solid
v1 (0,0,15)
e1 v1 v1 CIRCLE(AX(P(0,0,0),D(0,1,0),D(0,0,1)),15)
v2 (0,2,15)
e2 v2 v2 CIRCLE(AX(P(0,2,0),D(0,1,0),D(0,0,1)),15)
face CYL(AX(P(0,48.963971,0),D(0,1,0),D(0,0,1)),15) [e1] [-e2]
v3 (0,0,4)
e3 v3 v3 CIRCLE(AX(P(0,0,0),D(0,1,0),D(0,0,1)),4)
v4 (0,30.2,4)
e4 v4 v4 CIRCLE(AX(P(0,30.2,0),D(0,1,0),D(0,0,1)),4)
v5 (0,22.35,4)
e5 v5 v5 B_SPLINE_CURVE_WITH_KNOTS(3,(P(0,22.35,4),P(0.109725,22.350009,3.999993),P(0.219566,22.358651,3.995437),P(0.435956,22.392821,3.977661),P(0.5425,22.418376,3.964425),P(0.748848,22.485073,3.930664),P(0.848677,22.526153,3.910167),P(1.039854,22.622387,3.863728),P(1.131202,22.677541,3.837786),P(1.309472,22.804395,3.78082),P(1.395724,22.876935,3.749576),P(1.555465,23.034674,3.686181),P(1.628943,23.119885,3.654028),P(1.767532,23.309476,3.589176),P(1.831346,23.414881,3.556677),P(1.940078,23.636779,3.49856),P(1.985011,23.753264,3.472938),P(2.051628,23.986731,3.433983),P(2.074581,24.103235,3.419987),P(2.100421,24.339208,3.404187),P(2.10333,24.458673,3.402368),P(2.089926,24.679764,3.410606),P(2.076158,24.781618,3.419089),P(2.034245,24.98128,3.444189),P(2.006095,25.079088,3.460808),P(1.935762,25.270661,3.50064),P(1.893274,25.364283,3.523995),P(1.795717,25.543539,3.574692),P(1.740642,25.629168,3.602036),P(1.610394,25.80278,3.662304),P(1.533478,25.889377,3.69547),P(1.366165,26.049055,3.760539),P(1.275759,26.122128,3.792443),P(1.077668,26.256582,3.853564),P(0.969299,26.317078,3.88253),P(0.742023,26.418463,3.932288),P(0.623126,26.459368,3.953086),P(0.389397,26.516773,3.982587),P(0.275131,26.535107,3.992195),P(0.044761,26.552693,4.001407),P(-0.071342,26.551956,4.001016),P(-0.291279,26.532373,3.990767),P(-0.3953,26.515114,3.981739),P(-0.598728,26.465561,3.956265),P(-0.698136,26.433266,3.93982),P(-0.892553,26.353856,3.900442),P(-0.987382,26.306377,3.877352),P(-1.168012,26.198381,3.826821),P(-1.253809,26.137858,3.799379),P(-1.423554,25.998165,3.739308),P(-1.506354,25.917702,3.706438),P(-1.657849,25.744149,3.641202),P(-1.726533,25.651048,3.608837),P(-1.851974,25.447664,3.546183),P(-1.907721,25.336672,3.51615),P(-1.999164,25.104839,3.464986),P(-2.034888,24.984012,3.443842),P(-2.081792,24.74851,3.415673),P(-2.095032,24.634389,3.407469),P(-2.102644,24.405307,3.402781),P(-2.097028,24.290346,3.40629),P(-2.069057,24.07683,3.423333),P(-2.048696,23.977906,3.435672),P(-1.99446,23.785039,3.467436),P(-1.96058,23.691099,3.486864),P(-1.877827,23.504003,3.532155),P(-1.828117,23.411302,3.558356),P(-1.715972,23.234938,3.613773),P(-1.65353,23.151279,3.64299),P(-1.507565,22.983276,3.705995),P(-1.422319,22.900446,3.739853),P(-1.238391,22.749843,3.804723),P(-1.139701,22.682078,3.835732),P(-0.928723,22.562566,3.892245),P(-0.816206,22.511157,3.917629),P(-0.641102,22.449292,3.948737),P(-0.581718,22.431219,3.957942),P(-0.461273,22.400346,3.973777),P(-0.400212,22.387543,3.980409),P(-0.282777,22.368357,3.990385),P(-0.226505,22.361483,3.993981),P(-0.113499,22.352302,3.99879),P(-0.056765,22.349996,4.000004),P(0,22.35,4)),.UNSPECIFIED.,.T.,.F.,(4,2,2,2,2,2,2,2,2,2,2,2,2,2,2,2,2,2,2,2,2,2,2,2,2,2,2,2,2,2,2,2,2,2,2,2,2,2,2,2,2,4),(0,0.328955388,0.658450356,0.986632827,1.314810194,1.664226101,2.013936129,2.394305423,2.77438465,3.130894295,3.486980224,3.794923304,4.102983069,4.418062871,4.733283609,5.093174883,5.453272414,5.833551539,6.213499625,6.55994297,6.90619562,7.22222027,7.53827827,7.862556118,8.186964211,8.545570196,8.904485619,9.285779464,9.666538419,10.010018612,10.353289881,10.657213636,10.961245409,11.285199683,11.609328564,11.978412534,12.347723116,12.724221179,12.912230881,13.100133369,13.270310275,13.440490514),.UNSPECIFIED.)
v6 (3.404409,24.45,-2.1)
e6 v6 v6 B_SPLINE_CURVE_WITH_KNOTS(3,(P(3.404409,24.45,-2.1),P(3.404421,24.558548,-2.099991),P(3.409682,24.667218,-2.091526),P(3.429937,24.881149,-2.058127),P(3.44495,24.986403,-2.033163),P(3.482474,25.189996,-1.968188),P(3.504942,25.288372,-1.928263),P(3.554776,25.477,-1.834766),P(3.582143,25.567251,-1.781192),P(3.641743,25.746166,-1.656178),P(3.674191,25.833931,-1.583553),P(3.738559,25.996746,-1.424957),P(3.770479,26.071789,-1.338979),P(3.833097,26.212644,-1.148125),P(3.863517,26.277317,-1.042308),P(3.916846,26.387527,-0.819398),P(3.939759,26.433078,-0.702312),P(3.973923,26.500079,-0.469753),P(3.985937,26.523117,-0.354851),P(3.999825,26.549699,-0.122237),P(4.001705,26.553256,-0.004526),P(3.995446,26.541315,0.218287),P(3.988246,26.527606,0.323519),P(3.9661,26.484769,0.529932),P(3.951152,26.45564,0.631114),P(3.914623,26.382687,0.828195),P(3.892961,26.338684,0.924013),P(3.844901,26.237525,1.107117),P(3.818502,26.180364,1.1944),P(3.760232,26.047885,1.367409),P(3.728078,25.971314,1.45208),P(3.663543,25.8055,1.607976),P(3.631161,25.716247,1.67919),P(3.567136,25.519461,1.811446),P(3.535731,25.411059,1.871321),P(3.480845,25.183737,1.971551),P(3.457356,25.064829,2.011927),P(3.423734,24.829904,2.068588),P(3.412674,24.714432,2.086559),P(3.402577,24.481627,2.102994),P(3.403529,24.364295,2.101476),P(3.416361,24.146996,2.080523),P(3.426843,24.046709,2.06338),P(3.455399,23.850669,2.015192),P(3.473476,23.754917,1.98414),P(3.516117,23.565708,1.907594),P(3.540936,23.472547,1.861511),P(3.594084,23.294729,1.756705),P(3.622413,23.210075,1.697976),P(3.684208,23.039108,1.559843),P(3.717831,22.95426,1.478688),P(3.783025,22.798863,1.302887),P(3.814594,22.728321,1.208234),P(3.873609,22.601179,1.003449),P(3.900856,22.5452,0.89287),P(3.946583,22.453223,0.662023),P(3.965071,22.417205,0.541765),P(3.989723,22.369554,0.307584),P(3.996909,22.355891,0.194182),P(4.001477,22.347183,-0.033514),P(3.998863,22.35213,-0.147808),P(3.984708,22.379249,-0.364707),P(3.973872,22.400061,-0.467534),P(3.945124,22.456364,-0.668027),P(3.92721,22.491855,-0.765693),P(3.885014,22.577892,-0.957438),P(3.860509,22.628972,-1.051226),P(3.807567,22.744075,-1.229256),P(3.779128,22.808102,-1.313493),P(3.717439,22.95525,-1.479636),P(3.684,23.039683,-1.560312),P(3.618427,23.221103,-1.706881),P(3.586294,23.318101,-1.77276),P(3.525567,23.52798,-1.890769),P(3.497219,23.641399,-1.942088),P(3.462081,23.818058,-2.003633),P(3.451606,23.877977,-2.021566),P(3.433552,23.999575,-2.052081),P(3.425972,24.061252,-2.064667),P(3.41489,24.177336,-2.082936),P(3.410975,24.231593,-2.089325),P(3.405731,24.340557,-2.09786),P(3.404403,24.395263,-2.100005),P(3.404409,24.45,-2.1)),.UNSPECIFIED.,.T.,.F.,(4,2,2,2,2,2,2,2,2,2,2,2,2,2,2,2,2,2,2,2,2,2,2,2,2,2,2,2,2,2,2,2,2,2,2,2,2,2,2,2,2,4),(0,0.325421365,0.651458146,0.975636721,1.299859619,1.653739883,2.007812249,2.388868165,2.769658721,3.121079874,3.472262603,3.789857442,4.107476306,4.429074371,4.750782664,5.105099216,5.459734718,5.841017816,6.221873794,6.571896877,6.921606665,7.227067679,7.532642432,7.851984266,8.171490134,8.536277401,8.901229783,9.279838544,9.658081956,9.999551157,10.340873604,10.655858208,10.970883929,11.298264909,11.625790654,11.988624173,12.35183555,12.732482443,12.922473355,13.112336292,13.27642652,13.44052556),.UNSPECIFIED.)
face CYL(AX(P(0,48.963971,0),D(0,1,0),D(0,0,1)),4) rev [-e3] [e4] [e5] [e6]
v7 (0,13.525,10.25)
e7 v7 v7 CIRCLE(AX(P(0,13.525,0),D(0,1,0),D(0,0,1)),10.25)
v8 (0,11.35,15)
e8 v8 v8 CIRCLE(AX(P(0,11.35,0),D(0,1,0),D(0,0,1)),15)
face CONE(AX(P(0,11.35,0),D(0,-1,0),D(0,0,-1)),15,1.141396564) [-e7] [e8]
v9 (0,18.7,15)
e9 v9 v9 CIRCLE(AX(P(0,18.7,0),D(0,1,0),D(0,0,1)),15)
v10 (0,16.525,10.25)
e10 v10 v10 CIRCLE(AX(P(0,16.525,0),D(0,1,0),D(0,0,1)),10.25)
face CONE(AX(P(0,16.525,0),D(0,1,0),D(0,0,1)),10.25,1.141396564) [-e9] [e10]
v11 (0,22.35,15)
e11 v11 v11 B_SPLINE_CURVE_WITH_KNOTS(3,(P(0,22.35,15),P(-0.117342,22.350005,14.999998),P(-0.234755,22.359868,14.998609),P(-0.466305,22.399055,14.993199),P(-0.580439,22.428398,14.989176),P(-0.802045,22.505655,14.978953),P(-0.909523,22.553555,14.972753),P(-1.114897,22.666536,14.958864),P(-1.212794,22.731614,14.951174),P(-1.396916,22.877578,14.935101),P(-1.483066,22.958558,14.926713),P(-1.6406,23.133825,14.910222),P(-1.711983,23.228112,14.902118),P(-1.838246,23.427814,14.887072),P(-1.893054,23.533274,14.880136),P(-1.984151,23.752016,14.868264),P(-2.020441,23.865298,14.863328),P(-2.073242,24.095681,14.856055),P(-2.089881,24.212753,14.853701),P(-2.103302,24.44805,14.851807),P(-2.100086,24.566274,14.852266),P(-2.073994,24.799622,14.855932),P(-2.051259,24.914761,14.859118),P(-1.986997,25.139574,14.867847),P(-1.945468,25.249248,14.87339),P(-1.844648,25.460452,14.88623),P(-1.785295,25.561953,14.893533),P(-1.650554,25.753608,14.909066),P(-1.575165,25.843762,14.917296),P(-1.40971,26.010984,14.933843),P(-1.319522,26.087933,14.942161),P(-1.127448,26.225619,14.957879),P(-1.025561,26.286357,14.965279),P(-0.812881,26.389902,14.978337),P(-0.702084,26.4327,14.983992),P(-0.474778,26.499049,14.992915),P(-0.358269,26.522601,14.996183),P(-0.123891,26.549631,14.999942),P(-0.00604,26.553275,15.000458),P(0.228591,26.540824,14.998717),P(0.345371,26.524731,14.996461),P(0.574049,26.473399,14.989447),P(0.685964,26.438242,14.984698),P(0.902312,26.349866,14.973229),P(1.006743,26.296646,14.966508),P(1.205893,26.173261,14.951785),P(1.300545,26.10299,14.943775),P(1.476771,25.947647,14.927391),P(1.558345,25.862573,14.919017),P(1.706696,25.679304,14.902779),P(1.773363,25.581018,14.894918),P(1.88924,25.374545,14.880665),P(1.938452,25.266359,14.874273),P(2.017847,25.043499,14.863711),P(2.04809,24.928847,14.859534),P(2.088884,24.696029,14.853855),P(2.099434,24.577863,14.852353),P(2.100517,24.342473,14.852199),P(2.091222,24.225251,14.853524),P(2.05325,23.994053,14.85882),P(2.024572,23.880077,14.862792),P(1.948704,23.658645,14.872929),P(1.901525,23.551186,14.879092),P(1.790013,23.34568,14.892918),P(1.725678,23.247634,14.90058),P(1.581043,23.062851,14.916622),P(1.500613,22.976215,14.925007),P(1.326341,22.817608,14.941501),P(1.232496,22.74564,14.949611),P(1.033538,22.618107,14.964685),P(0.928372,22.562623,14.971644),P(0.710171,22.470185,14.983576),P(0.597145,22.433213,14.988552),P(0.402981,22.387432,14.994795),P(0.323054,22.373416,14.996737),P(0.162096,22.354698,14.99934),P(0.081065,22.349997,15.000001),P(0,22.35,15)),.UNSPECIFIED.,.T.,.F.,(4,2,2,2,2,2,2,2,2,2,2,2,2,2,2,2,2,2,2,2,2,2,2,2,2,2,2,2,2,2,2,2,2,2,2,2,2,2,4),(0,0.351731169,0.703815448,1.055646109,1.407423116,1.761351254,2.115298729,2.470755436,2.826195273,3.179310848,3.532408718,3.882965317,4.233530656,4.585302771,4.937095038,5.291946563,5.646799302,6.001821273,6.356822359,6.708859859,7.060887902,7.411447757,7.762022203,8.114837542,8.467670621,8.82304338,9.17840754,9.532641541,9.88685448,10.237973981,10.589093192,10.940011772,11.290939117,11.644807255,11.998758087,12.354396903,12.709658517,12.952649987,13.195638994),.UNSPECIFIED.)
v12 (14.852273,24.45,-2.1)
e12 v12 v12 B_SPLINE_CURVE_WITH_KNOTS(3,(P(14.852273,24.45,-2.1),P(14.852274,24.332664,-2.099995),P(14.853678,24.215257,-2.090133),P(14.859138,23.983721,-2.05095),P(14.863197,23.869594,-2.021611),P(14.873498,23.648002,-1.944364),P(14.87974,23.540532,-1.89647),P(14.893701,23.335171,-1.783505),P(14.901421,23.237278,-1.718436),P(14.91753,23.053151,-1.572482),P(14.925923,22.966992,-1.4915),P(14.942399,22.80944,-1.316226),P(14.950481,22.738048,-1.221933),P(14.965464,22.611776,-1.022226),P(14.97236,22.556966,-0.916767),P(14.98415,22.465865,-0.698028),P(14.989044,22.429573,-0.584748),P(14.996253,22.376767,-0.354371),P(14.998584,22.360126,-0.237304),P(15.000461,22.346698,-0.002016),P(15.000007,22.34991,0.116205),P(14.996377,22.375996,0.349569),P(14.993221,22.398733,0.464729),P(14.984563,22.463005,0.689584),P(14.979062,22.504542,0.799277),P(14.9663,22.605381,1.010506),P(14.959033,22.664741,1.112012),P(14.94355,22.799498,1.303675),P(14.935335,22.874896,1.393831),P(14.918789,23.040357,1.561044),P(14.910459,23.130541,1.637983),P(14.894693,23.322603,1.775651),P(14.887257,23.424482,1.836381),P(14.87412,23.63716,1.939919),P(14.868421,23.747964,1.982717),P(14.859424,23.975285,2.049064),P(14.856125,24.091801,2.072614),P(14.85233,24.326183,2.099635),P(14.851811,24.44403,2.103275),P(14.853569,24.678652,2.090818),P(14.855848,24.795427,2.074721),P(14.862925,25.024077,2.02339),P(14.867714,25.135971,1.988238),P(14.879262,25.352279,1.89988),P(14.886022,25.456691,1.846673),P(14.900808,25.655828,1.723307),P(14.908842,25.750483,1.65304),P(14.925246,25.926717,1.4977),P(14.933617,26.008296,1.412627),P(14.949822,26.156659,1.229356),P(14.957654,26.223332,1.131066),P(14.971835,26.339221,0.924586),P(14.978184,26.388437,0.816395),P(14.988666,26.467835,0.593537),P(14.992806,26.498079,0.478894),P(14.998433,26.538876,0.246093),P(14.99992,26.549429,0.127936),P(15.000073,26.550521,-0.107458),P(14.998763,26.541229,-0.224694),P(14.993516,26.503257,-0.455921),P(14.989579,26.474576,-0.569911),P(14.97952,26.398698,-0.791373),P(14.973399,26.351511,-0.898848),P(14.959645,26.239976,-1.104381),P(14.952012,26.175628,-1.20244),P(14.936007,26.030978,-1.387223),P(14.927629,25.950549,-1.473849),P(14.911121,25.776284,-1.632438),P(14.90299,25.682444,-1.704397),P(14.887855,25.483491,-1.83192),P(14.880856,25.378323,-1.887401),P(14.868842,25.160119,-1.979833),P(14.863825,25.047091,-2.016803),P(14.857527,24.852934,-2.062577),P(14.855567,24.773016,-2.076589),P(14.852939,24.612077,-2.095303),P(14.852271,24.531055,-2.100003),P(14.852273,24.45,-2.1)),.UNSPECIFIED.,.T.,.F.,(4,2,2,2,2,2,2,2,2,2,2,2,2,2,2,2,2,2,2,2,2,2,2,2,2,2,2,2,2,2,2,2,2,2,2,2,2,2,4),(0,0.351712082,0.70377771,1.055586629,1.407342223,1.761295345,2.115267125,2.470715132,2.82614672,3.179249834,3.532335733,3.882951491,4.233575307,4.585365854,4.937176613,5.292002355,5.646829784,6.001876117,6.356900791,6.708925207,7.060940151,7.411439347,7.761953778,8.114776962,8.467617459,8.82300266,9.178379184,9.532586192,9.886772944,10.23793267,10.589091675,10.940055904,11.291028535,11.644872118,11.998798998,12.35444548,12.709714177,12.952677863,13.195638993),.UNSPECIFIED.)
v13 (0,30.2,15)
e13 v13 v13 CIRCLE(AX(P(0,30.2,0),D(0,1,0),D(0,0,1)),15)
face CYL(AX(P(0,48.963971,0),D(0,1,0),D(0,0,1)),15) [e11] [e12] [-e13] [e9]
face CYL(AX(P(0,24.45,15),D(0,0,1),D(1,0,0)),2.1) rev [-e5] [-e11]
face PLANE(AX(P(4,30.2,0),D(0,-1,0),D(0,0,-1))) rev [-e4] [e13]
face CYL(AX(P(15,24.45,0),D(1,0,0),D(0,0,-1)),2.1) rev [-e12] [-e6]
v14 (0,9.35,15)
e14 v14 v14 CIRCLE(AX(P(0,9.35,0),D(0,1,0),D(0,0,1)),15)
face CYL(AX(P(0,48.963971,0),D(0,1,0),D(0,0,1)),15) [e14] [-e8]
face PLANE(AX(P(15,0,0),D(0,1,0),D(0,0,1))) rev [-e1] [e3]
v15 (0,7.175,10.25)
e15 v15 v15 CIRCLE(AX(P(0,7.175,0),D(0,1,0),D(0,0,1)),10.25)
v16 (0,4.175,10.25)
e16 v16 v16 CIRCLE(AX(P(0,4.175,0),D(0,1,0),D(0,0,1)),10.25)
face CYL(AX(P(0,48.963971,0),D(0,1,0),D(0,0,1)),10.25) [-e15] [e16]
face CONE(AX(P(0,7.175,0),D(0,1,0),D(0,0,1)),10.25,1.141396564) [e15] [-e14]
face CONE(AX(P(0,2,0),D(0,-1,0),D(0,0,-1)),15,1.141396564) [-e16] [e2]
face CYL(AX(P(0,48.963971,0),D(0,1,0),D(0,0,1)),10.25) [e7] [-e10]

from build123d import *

# Parameters (mm, degrees)
HOLE_WIZARD_M5_2_D               = 4.2
HOLE_WIZARD_M5_2_DEPTH           = 15
HOLE_WIZARD_M5_2_ON_FACE_2_D     = 4.2
HOLE_WIZARD_M5_2_ON_FACE_2_DEPTH = 15


with BuildPart() as part:
    # 草图1 → 旋转1 (revolve)
    with BuildSketch(Plane.XY, mode=Mode.PRIVATE) as revolve_1_sk:
        Polygon((4, 30.2), (15, 30.2), (15, 18.7), (10.25, 16.525), (10.25, 13.525), (15, 11.35), (15, 9.35), (10.25, 7.175), (10.25, 4.175), (15, 2), (15, 0), (4, 0), align=None)
    revolve(revolve_1_sk.sketch.rotate(Axis((0, 48.963970588, 0), (0, -1, 0)), 90), axis=Axis((0, 48.963970588, 0), (0, -1, 0)))

    # M5 螺纹孔2
    with Locations(Plane(origin=(15, 24.45, 0), x_dir=(0, 0, 1), z_dir=(1, 0, 0))):
        with Locations((0, 0)):
            Hole(HOLE_WIZARD_M5_2_D / 2, depth=HOLE_WIZARD_M5_2_DEPTH)

    # M5 螺纹孔2 on face 2
    with Locations(Plane(origin=(0, 24.45, 15), x_dir=(1, 0, 0), z_dir=(0, 0, 1))):
        with Locations((0, 0)):
            Hole(HOLE_WIZARD_M5_2_ON_FACE_2_D / 2, depth=HOLE_WIZARD_M5_2_ON_FACE_2_DEPTH)


solid = part.part
